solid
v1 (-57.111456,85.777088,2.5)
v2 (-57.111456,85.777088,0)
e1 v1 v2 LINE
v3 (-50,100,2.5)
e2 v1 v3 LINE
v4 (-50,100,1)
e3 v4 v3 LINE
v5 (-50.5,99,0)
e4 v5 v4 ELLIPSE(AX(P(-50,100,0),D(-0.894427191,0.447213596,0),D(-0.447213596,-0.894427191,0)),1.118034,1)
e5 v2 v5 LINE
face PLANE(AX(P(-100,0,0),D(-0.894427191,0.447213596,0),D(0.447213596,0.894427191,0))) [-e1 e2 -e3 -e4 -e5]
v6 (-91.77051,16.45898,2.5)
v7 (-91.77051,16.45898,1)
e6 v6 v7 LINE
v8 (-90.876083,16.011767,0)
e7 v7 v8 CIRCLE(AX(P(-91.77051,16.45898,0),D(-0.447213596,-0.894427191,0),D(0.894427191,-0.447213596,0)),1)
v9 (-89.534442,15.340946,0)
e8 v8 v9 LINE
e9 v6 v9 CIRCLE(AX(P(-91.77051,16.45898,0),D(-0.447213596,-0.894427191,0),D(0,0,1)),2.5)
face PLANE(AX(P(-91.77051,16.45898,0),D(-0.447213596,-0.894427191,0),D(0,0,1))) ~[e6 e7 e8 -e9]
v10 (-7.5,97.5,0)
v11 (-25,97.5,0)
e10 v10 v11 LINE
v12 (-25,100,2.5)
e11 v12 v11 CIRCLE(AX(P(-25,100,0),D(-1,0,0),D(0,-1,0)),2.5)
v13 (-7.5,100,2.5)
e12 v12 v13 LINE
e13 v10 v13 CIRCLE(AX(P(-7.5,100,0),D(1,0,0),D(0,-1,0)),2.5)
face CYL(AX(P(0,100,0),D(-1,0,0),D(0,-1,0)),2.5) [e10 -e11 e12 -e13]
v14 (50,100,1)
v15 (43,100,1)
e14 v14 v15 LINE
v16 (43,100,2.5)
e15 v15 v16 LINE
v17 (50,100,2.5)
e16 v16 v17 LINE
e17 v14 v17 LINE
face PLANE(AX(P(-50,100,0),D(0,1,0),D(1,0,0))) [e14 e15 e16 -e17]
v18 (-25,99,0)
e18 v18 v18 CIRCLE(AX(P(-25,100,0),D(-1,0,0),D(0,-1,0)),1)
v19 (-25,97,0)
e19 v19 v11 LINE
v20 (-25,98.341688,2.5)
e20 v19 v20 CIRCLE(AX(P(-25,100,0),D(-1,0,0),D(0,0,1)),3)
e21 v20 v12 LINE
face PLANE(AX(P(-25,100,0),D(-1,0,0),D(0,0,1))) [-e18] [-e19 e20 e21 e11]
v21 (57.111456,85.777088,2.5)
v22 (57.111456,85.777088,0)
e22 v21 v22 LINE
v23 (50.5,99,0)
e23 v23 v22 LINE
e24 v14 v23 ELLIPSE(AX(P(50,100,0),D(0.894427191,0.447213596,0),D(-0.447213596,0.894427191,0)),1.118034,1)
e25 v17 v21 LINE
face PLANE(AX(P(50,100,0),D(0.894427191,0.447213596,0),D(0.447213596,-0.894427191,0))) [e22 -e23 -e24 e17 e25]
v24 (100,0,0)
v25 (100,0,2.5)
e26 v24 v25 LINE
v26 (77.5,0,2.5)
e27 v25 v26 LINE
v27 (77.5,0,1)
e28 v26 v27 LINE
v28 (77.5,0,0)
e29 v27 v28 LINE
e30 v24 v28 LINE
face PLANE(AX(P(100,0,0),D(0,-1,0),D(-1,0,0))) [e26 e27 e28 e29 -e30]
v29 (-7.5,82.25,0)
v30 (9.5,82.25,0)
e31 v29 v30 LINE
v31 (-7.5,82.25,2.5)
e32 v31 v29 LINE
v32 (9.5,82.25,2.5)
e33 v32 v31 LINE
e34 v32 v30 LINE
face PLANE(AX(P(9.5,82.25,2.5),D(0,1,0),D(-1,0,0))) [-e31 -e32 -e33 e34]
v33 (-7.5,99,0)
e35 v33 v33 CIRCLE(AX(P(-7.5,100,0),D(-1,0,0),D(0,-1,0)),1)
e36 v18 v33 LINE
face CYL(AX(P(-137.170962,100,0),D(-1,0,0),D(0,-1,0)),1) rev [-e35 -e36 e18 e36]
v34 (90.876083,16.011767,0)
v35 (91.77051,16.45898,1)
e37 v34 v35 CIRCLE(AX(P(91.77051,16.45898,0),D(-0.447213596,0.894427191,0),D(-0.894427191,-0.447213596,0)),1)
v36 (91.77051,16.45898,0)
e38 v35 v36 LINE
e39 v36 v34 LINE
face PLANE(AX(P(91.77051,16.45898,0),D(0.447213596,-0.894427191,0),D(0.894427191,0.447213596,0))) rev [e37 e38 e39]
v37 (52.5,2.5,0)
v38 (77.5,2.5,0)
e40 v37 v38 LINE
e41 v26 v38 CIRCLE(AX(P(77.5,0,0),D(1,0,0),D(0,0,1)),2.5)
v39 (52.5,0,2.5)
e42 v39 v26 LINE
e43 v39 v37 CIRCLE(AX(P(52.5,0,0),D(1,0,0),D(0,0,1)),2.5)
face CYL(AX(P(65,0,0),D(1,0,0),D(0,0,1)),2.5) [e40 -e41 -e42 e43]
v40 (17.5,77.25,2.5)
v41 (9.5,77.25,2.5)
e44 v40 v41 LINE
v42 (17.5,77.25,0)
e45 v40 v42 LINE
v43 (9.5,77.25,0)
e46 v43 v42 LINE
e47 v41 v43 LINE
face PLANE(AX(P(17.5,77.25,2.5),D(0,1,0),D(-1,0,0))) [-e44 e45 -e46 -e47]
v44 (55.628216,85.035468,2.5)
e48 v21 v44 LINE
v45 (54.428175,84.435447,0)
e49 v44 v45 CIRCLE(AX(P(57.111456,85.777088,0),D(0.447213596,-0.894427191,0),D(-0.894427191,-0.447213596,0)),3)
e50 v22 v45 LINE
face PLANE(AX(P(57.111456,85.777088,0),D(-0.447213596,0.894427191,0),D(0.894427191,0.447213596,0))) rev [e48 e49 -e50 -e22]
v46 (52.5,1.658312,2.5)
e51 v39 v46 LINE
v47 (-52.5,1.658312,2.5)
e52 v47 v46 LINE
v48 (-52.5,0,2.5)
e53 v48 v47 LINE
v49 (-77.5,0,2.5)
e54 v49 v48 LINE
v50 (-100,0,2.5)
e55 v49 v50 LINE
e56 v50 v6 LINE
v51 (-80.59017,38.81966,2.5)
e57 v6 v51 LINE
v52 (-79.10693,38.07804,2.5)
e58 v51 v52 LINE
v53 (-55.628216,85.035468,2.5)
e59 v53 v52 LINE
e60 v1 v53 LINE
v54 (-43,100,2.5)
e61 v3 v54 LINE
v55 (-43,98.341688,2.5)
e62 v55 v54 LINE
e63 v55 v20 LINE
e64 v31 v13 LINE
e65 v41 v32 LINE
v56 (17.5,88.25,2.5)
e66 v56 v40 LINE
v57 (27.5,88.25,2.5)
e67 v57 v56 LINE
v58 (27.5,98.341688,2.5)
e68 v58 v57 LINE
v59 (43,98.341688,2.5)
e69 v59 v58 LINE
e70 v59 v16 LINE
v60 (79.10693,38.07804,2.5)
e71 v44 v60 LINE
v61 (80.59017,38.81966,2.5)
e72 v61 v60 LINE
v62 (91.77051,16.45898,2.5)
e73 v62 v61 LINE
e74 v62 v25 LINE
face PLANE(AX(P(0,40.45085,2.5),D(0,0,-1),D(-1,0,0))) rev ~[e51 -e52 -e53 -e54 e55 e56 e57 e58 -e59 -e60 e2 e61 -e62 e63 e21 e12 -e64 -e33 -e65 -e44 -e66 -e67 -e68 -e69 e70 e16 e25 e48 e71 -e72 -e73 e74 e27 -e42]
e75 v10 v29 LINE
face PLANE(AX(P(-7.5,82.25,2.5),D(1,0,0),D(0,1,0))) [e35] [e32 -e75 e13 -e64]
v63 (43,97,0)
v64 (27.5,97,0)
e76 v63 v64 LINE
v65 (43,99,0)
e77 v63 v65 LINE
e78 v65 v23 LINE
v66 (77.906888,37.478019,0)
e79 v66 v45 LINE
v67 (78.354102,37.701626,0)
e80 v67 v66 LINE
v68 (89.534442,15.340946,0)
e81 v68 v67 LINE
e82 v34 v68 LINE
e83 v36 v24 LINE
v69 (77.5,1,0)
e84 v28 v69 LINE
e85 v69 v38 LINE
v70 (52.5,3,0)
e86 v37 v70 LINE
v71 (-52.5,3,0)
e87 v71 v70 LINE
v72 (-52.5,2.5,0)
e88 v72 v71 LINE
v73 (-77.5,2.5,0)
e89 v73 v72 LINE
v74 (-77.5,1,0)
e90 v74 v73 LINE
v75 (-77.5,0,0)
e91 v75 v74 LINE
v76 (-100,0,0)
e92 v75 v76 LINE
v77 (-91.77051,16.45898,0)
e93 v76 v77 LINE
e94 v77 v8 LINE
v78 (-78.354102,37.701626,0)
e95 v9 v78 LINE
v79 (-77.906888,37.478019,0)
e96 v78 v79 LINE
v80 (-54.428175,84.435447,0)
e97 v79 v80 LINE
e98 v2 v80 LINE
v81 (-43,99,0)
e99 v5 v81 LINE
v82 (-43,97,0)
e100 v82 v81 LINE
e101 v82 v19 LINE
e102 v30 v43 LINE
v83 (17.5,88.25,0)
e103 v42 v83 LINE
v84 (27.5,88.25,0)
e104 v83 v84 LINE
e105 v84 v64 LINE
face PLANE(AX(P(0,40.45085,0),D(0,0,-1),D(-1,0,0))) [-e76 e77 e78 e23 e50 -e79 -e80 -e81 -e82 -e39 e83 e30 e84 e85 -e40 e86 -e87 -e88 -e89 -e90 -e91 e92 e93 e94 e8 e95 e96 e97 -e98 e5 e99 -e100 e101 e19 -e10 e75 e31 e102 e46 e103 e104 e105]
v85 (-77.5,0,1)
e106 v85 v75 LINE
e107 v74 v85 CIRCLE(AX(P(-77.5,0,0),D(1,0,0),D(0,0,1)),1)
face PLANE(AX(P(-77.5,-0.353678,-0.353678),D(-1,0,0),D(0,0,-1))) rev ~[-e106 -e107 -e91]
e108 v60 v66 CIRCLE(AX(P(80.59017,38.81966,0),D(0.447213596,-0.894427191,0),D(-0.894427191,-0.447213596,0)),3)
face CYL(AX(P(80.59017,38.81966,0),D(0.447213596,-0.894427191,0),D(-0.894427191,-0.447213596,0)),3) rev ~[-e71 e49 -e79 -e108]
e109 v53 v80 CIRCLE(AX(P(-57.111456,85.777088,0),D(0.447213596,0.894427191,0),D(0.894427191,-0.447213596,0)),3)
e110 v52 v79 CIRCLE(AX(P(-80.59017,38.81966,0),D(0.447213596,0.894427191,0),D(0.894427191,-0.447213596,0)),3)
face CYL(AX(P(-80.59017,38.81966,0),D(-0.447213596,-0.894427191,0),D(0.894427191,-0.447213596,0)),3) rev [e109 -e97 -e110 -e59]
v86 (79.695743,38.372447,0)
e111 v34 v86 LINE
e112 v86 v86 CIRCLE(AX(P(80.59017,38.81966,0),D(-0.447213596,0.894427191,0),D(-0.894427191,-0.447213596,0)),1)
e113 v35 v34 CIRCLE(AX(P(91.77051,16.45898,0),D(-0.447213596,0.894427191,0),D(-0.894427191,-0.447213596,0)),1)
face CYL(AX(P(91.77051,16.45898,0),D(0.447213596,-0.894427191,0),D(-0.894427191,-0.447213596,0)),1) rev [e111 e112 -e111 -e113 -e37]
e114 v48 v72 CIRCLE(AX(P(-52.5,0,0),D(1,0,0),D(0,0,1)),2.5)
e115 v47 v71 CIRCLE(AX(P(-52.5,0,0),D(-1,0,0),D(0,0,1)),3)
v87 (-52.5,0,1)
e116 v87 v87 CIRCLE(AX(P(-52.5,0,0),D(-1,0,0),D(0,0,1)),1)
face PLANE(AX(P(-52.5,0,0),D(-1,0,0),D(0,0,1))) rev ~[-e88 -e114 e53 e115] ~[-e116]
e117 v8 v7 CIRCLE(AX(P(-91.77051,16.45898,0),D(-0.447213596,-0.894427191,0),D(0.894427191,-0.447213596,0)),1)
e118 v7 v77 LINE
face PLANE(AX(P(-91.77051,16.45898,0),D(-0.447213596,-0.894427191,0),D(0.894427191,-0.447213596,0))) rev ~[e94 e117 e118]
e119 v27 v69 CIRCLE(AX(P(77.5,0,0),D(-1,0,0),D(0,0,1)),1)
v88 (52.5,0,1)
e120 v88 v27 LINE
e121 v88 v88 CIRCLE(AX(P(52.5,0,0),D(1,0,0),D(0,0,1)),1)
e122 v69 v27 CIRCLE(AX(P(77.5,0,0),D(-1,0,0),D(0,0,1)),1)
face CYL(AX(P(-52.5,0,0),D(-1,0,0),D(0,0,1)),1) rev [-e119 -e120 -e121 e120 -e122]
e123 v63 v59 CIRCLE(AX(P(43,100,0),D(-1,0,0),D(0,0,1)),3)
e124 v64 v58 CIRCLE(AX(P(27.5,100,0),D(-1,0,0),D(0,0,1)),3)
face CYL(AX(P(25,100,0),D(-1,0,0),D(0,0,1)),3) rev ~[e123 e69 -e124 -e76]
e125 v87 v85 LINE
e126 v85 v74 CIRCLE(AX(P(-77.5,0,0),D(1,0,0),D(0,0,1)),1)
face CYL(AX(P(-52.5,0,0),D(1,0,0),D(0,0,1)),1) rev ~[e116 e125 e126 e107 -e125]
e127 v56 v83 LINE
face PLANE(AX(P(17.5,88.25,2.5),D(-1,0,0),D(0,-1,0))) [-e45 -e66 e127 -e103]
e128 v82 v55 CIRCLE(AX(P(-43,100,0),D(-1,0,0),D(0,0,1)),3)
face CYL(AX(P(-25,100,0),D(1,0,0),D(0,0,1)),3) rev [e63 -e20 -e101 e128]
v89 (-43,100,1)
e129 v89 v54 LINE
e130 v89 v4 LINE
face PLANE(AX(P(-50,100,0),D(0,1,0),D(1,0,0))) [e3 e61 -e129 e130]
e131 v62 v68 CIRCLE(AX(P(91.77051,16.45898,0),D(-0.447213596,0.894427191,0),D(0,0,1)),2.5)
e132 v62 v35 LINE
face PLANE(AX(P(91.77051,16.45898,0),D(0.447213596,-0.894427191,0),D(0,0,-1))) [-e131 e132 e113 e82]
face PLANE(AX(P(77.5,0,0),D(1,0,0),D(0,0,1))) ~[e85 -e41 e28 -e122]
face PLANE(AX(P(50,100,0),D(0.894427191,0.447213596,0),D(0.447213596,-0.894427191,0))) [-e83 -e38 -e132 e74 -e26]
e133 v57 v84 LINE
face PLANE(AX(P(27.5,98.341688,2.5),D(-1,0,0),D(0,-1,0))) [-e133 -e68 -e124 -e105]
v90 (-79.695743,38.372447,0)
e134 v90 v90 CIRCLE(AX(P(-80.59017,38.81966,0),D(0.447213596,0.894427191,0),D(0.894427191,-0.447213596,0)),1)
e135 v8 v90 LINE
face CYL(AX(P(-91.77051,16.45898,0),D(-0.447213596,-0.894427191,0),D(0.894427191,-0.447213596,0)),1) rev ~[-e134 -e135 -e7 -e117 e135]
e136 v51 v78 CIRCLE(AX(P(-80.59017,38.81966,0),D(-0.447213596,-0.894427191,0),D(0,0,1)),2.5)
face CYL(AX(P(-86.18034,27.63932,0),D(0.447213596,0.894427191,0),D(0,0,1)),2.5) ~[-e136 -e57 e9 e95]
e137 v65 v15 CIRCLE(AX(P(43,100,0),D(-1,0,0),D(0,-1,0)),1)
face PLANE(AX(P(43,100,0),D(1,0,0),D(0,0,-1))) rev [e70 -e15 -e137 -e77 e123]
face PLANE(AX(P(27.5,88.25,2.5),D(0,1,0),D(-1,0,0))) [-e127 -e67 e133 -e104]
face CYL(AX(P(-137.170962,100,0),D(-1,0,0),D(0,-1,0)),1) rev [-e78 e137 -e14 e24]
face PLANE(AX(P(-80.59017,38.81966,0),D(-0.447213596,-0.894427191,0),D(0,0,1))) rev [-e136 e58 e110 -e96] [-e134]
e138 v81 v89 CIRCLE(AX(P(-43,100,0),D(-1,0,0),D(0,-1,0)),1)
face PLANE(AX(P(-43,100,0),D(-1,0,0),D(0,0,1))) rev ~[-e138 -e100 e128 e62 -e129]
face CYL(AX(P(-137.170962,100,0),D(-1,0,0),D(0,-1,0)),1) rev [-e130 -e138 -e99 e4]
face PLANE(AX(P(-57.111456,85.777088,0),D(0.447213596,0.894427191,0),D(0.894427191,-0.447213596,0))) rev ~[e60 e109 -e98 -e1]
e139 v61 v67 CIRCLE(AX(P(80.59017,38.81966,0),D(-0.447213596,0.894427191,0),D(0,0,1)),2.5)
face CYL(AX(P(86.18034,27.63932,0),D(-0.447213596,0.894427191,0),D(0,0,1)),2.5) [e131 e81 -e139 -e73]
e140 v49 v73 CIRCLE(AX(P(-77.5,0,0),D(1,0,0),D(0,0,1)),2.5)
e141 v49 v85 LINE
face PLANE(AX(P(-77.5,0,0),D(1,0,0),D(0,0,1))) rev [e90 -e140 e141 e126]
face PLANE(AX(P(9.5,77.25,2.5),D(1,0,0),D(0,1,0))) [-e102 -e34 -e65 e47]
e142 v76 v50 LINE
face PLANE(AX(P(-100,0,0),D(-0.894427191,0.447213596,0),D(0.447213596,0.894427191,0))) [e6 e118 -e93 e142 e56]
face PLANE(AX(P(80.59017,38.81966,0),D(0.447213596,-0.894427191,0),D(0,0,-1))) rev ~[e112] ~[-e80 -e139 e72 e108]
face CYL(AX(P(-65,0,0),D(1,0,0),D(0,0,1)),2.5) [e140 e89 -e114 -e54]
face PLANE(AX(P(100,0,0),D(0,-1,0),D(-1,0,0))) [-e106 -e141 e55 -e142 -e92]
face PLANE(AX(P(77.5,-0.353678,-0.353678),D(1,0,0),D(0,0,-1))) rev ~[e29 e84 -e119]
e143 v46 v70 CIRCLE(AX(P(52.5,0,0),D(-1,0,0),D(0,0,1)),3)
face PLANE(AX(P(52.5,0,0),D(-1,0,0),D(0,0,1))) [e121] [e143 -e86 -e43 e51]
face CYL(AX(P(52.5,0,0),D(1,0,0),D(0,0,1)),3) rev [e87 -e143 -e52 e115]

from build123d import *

# Parameters (mm, degrees)
EXTRUDE_1_DEPTH                 = 5
SKETCH_3_W                      = 50
SKETCH_3_H                      = 5
SKETCH_7_W                      = 100
SKETCH_7_H                      = 5
CUT_EXTRUDE_1_DEPTH             = 324.341924284
CUT_EXTRUDE_1_DEPTH_BACK        = 324.341924284
SKETCH_8_R                      = 2
SKETCH_6_W                      = 5
SKETCH_6_H                      = 50
SKETCH_9_R                      = 2
CUT_EXTRUDE_2_DEPTH             = 50
SKETCH_10_R                     = 6
CUT_EXTRUDE_3_DEPTH             = 105
CUT_EXTRUDE_4_REACH             = 369.526
SKETCH_11_R                     = 2
CUT_EXTRUDE_4_DIRECTION_2_REACH = 369.526
SKETCH_12_R                     = 6
CUT_EXTRUDE_5_DEPTH             = 210
SKETCH_13_R                     = 6
CUT_EXTRUDE_6_DEPTH             = 36
SCALE_1_SCALE                   = 0.5
CUT_EXTRUDE_8_DEPTH             = 10


with BuildPart() as part:
    # 草图1 → 凸台-拉伸1 (new body)
    with BuildSketch(Plane.XY):
        Polygon((-200, 0), (-100, 200), (100, 200), (200, 0), align=None)
    extrude(amount=EXTRUDE_1_DEPTH)

    # 草图3 → 旋转5 (revolve)
    with BuildSketch(Plane.XZ):
        with Locations((130, 2.5)):
            Rectangle(SKETCH_3_W, SKETCH_3_H)
        with Locations((-130, 2.5)):
            Rectangle(SKETCH_3_W, SKETCH_3_H)
    revolve(axis=Axis((-155, 0, 0), (1, 0, 0)))

    # 草图7 → 旋转1 (revolve)
    with BuildSketch(Plane(origin=(0, 0, 0), x_dir=(-1, 0, 0), z_dir=(0, 0, -1))):
        with Locations((0, 197.5)):
            Rectangle(SKETCH_7_W, SKETCH_7_H)
    revolve(axis=Axis((50, 200, 0), (-1, 0, 0)))

    # 草图8 → 切除-拉伸1 (cut, two sides: drawn at the far end of the back side and taken through both)
    with BuildSketch(Plane(origin=(50, 0, 0), x_dir=(0, 0, -1), z_dir=(1, 0, 0)).offset(-CUT_EXTRUDE_1_DEPTH_BACK)):
        with Locations(Location((0, 200, 0), (0, 0, 270))):
            Circle(SKETCH_8_R)
    extrude(amount=CUT_EXTRUDE_1_DEPTH + CUT_EXTRUDE_1_DEPTH_BACK, mode=Mode.SUBTRACT)

    # 草图6 → 旋转4 (revolve)
    with BuildSketch(Plane(origin=(-160, 80, 0), x_dir=(0, 0, 1), z_dir=(-0.8944271909999159, 0.44721359549995815, 0))):
        with Locations((2.5, -27.639320225)):
            Rectangle(SKETCH_6_W, SKETCH_6_H)
    revolve_4 = revolve(axis=Axis((-161.180339887, 77.639320225, 0), (-0.447213595499958, -0.894427190999916, 0)))

    # 草图9 → 切除-拉伸2 (cut)
    with BuildSketch(Plane(origin=(-23.541019662, -47.082039325, 0), x_dir=(0.8944271909999156, -0.4472135954999583, 0), z_dir=(-0.4472135954999583, -0.8944271909999156, 0))):
        with Locations((-178.8854382, 0)):
            Circle(SKETCH_9_R)
    cut_extrude_2 = extrude(amount=-CUT_EXTRUDE_2_DEPTH, mode=Mode.SUBTRACT)

    # 草图10 → 切除-拉伸3 (cut)
    with BuildSketch(Plane(origin=(-1.180339887, -2.360679775, 0), x_dir=(0.8944271909999156, -0.4472135954999583, 0), z_dir=(0.4472135954999583, 0.8944271909999156, 0))):
        with Locations((-178.8854382, 0)):
            Circle(SKETCH_10_R)
    cut_extrude_3 = extrude(amount=CUT_EXTRUDE_3_DEPTH, mode=Mode.SUBTRACT)

    # 切除-拉伸4: up to this face of the body (flat: up to its plane)
    cut_extrude_4_end = Plane(part.part.faces().sort_by_distance((155, -0.707355303, -0.707355303))[0])
    # 草图11 → 切除-拉伸4 (cut, up to the picked face)
    with BuildSketch(Plane(origin=(-105, 0, 0), x_dir=(0, 0, -1), z_dir=(1, 0, 0)), mode=Mode.PRIVATE) as cut_extrude_4_sk1:
        with Locations(Location((0, 0, 0), (0, 0, 180))):
            Circle(SKETCH_11_R)
    cut_extrude_4_tool1 = split(extrude(cut_extrude_4_sk1.sketch, amount=CUT_EXTRUDE_4_REACH, mode=Mode.PRIVATE), bisect_by=cut_extrude_4_end, keep=Keep.BOTH, mode=Mode.PRIVATE)
    add(cut_extrude_4_tool1.solids().sort_by(Axis((-105, 0, 0), (1, 0, 0)))[0], mode=Mode.SUBTRACT)

    # 切除-拉伸4 direction 2: up to this face of the body (flat: up to its plane)
    cut_extrude_4_direction_2_end = Plane(part.part.faces().sort_by_distance((-155, -0.707355303, -0.707355303))[0])
    # 草图11 → 切除-拉伸4 direction 2 (cut, up to the picked face)
    with BuildSketch(Plane(origin=(-105, 0, 0), x_dir=(0, 0, -1), z_dir=(1, 0, 0)), mode=Mode.PRIVATE) as cut_extrude_4_direction_2_sk1:
        with Locations(Location((0, 0, 0), (0, 0, 180))):
            Circle(SKETCH_11_R)
    cut_extrude_4_direction_2_tool1 = split(extrude(cut_extrude_4_direction_2_sk1.sketch, amount=-CUT_EXTRUDE_4_DIRECTION_2_REACH, mode=Mode.PRIVATE), bisect_by=cut_extrude_4_direction_2_end, keep=Keep.BOTH, mode=Mode.PRIVATE)
    add(cut_extrude_4_direction_2_tool1.solids().sort_by(Axis((-105, 0, 0), (-1, 0, 0)))[0], mode=Mode.SUBTRACT)

    # 镜向1: 旋转4, 切除-拉伸2, 切除-拉伸3 across plane
    add(revolve_4.mirror(Plane(origin=(0, 0, 0), x_dir=(0, 0, 1), z_dir=(1, 0, 0))))
    add(cut_extrude_2.mirror(Plane(origin=(0, 0, 0), x_dir=(0, 0, 1), z_dir=(1, 0, 0))), mode=Mode.SUBTRACT)
    add(cut_extrude_3.mirror(Plane(origin=(0, 0, 0), x_dir=(0, 0, 1), z_dir=(1, 0, 0))), mode=Mode.SUBTRACT)

    # 草图12 → 切除-拉伸5 (cut)
    with BuildSketch(Plane.ZY.offset(-105)):
        Circle(SKETCH_12_R)
    extrude(amount=CUT_EXTRUDE_5_DEPTH, mode=Mode.SUBTRACT)

    # 草图13 → 切除-拉伸6 (cut)
    with BuildSketch(Plane.ZY.offset(50)):
        with Locations((0, 200)):
            Circle(SKETCH_13_R)
    cut_extrude_6 = extrude(amount=CUT_EXTRUDE_6_DEPTH, mode=Mode.SUBTRACT)

    # 镜向2: 切除-拉伸6 across plane
    add(cut_extrude_6.mirror(Plane(origin=(0, 0, 0), x_dir=(0, 0, 1), z_dir=(1, 0, 0))), mode=Mode.SUBTRACT)


with BuildPart() as part_1:
    # 缩放比例1: scaled about (0, 0, 0)
    add(part.part.scale(SCALE_1_SCALE))

    # 草图18 → 切除-拉伸8 (cut)
    with BuildSketch(Plane.XY.offset(2.5)):
        Polygon((27.5, 98.341687605), (27.5, 88.25), (17.5, 88.25), (17.5, 77.25), (9.5, 77.25), (9.5, 82.25), (-7.5, 82.25), (-7.5, 102.5), (25, 102.5), (25, 98.341687605), align=None)
    extrude(amount=-CUT_EXTRUDE_8_DEPTH, mode=Mode.SUBTRACT)


solid = part_1.part
